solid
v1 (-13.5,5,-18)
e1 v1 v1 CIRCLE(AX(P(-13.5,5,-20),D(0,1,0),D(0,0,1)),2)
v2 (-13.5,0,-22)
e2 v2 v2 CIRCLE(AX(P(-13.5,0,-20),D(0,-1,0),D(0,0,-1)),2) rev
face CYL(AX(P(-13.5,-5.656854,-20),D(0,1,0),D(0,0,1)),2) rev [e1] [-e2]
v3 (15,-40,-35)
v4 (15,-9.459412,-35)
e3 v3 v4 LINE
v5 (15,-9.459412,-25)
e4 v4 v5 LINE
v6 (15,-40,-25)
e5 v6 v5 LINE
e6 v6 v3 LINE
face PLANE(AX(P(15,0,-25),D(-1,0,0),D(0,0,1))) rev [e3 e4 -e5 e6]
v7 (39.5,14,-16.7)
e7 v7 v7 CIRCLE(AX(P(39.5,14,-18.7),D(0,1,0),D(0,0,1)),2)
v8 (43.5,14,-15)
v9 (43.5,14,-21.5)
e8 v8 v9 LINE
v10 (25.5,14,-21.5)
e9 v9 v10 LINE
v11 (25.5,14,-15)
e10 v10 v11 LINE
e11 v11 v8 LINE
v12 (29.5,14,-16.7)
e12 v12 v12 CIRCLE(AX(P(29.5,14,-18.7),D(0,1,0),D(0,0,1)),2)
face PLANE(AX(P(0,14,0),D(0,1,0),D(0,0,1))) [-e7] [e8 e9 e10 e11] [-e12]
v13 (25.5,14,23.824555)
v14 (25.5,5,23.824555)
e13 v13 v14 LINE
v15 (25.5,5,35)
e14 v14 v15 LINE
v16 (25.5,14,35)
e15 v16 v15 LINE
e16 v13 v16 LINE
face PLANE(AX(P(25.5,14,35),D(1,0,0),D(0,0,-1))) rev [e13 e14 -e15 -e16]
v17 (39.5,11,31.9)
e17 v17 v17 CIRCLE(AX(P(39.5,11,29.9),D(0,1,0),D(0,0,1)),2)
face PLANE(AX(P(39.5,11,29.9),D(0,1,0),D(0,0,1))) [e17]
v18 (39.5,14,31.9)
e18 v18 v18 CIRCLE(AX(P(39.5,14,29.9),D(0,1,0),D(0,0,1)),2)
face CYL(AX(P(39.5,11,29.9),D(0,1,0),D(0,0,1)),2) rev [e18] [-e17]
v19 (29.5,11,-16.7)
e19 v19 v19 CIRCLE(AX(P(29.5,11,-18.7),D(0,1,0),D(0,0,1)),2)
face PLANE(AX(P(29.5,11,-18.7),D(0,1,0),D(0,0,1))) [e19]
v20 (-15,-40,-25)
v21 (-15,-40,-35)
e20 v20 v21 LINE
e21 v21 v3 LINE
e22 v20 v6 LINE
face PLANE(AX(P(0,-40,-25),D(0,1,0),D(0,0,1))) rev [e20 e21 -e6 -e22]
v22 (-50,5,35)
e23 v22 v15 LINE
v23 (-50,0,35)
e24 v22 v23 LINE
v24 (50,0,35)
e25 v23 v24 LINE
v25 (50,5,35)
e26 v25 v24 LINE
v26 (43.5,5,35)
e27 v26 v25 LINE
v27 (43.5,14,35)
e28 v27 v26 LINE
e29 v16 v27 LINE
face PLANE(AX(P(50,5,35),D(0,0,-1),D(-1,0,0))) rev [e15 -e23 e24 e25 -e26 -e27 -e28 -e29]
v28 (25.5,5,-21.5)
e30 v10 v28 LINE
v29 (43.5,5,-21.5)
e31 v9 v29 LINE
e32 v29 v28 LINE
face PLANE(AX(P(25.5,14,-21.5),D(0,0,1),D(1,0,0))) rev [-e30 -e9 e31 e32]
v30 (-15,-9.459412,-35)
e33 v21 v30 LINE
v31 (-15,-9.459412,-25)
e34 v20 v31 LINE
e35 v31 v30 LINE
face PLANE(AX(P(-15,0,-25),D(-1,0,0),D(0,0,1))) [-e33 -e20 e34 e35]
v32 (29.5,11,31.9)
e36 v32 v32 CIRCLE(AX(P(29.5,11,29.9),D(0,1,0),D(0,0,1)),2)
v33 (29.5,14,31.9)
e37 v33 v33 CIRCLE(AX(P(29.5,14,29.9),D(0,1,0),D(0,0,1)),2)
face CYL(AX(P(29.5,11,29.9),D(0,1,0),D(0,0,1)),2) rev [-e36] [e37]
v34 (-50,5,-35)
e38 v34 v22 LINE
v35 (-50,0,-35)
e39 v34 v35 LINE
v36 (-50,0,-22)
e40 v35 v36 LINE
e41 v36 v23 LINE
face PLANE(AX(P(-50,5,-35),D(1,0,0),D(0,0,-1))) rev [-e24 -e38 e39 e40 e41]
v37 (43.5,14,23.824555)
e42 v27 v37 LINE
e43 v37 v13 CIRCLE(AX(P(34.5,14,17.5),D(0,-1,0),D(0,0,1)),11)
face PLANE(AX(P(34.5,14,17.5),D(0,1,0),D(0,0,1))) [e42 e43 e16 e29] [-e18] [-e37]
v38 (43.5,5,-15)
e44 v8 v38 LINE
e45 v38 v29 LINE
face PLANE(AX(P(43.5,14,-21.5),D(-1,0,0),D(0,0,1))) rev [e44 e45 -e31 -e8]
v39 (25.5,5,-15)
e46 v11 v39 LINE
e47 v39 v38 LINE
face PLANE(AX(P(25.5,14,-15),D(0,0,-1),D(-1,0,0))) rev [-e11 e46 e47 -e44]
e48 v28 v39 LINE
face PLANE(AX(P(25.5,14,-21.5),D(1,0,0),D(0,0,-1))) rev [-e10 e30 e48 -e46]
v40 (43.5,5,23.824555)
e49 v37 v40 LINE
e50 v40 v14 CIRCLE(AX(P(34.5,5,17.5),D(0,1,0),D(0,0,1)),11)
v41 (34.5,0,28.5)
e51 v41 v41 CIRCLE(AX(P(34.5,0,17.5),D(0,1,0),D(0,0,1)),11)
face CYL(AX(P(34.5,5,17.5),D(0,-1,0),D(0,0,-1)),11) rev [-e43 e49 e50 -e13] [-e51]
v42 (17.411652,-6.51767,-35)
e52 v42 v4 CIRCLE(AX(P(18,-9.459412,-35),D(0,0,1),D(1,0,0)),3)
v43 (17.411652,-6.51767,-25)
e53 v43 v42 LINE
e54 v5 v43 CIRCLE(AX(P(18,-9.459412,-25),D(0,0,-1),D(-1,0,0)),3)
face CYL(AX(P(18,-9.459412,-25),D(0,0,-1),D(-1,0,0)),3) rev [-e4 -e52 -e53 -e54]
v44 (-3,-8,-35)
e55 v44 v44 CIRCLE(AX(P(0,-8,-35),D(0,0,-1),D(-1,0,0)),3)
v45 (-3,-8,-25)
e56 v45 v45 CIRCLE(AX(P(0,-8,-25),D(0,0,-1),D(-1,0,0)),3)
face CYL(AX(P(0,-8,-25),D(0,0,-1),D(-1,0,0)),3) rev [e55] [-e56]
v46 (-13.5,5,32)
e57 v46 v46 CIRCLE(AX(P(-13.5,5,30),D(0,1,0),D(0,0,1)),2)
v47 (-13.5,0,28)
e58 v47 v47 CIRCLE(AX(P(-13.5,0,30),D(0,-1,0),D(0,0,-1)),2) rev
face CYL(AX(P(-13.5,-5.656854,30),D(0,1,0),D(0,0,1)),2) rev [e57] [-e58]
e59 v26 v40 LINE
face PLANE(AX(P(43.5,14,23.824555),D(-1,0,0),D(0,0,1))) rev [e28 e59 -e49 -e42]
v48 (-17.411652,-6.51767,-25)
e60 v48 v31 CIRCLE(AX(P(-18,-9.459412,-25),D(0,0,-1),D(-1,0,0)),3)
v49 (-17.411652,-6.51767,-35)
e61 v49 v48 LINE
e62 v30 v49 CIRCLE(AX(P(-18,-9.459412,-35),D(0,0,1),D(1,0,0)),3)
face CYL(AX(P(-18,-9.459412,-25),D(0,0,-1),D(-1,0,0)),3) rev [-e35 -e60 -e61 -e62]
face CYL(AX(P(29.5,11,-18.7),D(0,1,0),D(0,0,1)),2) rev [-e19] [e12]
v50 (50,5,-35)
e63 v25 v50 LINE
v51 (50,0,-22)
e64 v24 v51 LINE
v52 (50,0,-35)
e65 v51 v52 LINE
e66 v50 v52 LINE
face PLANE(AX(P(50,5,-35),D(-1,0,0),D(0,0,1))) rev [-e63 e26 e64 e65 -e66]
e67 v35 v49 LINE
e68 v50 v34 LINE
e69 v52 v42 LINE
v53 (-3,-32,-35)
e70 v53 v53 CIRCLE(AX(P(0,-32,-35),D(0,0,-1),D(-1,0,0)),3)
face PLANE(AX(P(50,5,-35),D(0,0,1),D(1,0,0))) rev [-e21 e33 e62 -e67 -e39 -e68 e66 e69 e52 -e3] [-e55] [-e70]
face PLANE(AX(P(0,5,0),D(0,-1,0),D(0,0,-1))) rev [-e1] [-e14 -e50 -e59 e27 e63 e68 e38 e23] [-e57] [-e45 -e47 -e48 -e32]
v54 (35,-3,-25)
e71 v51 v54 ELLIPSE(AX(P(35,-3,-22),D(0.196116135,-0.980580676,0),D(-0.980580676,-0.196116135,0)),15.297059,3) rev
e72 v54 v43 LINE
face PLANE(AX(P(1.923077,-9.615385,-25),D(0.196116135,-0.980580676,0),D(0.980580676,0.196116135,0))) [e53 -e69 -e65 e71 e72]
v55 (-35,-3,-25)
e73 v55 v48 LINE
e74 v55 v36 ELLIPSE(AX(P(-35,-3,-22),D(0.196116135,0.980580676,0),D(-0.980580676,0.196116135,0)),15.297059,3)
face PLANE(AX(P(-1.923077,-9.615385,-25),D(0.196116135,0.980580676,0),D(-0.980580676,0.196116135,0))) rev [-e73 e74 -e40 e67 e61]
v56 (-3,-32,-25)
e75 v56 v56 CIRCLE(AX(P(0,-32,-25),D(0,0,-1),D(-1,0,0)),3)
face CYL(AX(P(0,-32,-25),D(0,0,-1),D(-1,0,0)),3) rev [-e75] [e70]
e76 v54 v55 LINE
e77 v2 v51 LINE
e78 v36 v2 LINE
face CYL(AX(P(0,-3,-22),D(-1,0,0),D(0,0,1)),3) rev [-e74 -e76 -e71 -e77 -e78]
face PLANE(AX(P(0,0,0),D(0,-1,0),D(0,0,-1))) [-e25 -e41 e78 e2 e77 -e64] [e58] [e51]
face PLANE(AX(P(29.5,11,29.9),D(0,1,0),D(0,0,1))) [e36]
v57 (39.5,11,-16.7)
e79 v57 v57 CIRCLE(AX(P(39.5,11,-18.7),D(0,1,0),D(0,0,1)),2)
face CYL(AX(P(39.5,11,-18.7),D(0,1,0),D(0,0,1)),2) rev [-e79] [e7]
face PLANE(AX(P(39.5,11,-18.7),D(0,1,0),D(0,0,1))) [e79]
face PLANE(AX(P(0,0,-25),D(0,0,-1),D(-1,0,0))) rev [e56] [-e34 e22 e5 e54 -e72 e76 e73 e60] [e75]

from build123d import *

# Parameters (mm, degrees)
SKETCH1_W           = 100
SKETCH1_H           = 70
SKETCH1_R           = 11
BOSS_EXTRUDE1_DEPTH = 5
SKETCH2_W           = 18
SKETCH2_H           = 6.5
BOSS_EXTRUDE2_DEPTH = 9
SKETCH3_R           = 2
CUT_EXTRUDE1_DEPTH  = 3
SKETCH4_R           = 3
BOSS_EXTRUDE4_DEPTH = 10
FILLET2_R           = 3
SKETCH5_R           = 2
CUT_EXTRUDE2_DEPTH  = 5


with BuildPart() as part:
    # Sketch1 → Boss-Extrude1 (new body)
    with BuildSketch(Plane(origin=(0, 0, 0), x_dir=(1, 0, 0), z_dir=(0, 1, 0))):
        Rectangle(SKETCH1_W, SKETCH1_H)
        with Locations(Location((34.5, -17.5, 0), (0, 0, 270))):
            Circle(SKETCH1_R, mode=Mode.SUBTRACT)
    extrude(amount=BOSS_EXTRUDE1_DEPTH)

    # Sketch2 → Boss-Extrude2 (add)
    with BuildSketch(Plane(origin=(0, 5, 0), x_dir=(1, 0, 0), z_dir=(0, 1, 0))):
        with BuildLine():
            Line((25.5, -35), (25.5, -23.82455532))
            ThreePointArc((25.5, -23.82455532), (34.5, -28.5), (43.5, -23.82455532))
            Line((43.5, -23.82455532), (43.5, -35))
            Line((43.5, -35), (25.5, -35))
        make_face()
        with Locations((34.5, 18.25)):
            Rectangle(SKETCH2_W, SKETCH2_H)
    extrude(amount=BOSS_EXTRUDE2_DEPTH)

    # Sketch3 → Cut-Extrude1 (cut)
    with BuildSketch(Plane(origin=(0, 14, 0), x_dir=(1, 0, 0), z_dir=(0, 1, 0))):
        with Locations(Location((29.5, -29.9, 0), (0, 0, 270))):
            Circle(SKETCH3_R)
        with Locations(Location((39.5, -29.9, 0), (0, 0, 270))):
            Circle(SKETCH3_R)
        with Locations(Location((39.5, 18.7, 0), (0, 0, 270))):
            Circle(SKETCH3_R)
        with Locations(Location((29.5, 18.7, 0), (0, 0, 270))):
            Circle(SKETCH3_R)
    extrude(amount=-CUT_EXTRUDE1_DEPTH, mode=Mode.SUBTRACT)

    # Sketch4 → Boss-Extrude4 (add)
    # profile 1 of 3: a face of its own
    with BuildSketch(Plane(origin=(0, 0, -35), x_dir=(-1, 0, 0), z_dir=(0, 0, -1))):
        Polygon((-15, -40), (15, -40), (15, -7), (15, 0), (-15, 0), (-15, -7), align=None)
        with Locations((0, -32)):
            Circle(SKETCH4_R, mode=Mode.SUBTRACT)
        with Locations((0, -8)):
            Circle(SKETCH4_R, mode=Mode.SUBTRACT)
    # profile 2 of 3: a face of its own
    with BuildSketch(Plane(origin=(0, 0, -35), x_dir=(-1, 0, 0), z_dir=(0, 0, -1))):
        Polygon((-50, 0), (-15, -7), (-15, 0), align=None)
    # profile 3 of 3: a face of its own
    with BuildSketch(Plane(origin=(0, 0, -35), x_dir=(-1, 0, 0), z_dir=(0, 0, -1))):
        Polygon((15, 0), (15, -7), (50, 0), align=None)
    extrude(amount=-BOSS_EXTRUDE4_DEPTH)

    # Fillet2
    fillet2_edges = [part.edges().sort_by_distance(p)[0] for p in [
        (15, -7, -30),
        (-15, -7, -30),
        (0, 0, -25),
    ]]
    fillet(fillet2_edges, radius=FILLET2_R)

    # Sketch5 → Cut-Extrude2 (cut)
    with BuildSketch(Plane(origin=(0, 5, 0), x_dir=(1, 0, 0), z_dir=(0, 1, 0))):
        with Locations(Location((-13.5, -30, 0), (0, 0, 270))):
            Circle(SKETCH5_R)
        with Locations(Location((-13.5, 20, 0), (0, 0, 270))):
            Circle(SKETCH5_R)
    extrude(amount=-CUT_EXTRUDE2_DEPTH, mode=Mode.SUBTRACT)


solid = part.part
